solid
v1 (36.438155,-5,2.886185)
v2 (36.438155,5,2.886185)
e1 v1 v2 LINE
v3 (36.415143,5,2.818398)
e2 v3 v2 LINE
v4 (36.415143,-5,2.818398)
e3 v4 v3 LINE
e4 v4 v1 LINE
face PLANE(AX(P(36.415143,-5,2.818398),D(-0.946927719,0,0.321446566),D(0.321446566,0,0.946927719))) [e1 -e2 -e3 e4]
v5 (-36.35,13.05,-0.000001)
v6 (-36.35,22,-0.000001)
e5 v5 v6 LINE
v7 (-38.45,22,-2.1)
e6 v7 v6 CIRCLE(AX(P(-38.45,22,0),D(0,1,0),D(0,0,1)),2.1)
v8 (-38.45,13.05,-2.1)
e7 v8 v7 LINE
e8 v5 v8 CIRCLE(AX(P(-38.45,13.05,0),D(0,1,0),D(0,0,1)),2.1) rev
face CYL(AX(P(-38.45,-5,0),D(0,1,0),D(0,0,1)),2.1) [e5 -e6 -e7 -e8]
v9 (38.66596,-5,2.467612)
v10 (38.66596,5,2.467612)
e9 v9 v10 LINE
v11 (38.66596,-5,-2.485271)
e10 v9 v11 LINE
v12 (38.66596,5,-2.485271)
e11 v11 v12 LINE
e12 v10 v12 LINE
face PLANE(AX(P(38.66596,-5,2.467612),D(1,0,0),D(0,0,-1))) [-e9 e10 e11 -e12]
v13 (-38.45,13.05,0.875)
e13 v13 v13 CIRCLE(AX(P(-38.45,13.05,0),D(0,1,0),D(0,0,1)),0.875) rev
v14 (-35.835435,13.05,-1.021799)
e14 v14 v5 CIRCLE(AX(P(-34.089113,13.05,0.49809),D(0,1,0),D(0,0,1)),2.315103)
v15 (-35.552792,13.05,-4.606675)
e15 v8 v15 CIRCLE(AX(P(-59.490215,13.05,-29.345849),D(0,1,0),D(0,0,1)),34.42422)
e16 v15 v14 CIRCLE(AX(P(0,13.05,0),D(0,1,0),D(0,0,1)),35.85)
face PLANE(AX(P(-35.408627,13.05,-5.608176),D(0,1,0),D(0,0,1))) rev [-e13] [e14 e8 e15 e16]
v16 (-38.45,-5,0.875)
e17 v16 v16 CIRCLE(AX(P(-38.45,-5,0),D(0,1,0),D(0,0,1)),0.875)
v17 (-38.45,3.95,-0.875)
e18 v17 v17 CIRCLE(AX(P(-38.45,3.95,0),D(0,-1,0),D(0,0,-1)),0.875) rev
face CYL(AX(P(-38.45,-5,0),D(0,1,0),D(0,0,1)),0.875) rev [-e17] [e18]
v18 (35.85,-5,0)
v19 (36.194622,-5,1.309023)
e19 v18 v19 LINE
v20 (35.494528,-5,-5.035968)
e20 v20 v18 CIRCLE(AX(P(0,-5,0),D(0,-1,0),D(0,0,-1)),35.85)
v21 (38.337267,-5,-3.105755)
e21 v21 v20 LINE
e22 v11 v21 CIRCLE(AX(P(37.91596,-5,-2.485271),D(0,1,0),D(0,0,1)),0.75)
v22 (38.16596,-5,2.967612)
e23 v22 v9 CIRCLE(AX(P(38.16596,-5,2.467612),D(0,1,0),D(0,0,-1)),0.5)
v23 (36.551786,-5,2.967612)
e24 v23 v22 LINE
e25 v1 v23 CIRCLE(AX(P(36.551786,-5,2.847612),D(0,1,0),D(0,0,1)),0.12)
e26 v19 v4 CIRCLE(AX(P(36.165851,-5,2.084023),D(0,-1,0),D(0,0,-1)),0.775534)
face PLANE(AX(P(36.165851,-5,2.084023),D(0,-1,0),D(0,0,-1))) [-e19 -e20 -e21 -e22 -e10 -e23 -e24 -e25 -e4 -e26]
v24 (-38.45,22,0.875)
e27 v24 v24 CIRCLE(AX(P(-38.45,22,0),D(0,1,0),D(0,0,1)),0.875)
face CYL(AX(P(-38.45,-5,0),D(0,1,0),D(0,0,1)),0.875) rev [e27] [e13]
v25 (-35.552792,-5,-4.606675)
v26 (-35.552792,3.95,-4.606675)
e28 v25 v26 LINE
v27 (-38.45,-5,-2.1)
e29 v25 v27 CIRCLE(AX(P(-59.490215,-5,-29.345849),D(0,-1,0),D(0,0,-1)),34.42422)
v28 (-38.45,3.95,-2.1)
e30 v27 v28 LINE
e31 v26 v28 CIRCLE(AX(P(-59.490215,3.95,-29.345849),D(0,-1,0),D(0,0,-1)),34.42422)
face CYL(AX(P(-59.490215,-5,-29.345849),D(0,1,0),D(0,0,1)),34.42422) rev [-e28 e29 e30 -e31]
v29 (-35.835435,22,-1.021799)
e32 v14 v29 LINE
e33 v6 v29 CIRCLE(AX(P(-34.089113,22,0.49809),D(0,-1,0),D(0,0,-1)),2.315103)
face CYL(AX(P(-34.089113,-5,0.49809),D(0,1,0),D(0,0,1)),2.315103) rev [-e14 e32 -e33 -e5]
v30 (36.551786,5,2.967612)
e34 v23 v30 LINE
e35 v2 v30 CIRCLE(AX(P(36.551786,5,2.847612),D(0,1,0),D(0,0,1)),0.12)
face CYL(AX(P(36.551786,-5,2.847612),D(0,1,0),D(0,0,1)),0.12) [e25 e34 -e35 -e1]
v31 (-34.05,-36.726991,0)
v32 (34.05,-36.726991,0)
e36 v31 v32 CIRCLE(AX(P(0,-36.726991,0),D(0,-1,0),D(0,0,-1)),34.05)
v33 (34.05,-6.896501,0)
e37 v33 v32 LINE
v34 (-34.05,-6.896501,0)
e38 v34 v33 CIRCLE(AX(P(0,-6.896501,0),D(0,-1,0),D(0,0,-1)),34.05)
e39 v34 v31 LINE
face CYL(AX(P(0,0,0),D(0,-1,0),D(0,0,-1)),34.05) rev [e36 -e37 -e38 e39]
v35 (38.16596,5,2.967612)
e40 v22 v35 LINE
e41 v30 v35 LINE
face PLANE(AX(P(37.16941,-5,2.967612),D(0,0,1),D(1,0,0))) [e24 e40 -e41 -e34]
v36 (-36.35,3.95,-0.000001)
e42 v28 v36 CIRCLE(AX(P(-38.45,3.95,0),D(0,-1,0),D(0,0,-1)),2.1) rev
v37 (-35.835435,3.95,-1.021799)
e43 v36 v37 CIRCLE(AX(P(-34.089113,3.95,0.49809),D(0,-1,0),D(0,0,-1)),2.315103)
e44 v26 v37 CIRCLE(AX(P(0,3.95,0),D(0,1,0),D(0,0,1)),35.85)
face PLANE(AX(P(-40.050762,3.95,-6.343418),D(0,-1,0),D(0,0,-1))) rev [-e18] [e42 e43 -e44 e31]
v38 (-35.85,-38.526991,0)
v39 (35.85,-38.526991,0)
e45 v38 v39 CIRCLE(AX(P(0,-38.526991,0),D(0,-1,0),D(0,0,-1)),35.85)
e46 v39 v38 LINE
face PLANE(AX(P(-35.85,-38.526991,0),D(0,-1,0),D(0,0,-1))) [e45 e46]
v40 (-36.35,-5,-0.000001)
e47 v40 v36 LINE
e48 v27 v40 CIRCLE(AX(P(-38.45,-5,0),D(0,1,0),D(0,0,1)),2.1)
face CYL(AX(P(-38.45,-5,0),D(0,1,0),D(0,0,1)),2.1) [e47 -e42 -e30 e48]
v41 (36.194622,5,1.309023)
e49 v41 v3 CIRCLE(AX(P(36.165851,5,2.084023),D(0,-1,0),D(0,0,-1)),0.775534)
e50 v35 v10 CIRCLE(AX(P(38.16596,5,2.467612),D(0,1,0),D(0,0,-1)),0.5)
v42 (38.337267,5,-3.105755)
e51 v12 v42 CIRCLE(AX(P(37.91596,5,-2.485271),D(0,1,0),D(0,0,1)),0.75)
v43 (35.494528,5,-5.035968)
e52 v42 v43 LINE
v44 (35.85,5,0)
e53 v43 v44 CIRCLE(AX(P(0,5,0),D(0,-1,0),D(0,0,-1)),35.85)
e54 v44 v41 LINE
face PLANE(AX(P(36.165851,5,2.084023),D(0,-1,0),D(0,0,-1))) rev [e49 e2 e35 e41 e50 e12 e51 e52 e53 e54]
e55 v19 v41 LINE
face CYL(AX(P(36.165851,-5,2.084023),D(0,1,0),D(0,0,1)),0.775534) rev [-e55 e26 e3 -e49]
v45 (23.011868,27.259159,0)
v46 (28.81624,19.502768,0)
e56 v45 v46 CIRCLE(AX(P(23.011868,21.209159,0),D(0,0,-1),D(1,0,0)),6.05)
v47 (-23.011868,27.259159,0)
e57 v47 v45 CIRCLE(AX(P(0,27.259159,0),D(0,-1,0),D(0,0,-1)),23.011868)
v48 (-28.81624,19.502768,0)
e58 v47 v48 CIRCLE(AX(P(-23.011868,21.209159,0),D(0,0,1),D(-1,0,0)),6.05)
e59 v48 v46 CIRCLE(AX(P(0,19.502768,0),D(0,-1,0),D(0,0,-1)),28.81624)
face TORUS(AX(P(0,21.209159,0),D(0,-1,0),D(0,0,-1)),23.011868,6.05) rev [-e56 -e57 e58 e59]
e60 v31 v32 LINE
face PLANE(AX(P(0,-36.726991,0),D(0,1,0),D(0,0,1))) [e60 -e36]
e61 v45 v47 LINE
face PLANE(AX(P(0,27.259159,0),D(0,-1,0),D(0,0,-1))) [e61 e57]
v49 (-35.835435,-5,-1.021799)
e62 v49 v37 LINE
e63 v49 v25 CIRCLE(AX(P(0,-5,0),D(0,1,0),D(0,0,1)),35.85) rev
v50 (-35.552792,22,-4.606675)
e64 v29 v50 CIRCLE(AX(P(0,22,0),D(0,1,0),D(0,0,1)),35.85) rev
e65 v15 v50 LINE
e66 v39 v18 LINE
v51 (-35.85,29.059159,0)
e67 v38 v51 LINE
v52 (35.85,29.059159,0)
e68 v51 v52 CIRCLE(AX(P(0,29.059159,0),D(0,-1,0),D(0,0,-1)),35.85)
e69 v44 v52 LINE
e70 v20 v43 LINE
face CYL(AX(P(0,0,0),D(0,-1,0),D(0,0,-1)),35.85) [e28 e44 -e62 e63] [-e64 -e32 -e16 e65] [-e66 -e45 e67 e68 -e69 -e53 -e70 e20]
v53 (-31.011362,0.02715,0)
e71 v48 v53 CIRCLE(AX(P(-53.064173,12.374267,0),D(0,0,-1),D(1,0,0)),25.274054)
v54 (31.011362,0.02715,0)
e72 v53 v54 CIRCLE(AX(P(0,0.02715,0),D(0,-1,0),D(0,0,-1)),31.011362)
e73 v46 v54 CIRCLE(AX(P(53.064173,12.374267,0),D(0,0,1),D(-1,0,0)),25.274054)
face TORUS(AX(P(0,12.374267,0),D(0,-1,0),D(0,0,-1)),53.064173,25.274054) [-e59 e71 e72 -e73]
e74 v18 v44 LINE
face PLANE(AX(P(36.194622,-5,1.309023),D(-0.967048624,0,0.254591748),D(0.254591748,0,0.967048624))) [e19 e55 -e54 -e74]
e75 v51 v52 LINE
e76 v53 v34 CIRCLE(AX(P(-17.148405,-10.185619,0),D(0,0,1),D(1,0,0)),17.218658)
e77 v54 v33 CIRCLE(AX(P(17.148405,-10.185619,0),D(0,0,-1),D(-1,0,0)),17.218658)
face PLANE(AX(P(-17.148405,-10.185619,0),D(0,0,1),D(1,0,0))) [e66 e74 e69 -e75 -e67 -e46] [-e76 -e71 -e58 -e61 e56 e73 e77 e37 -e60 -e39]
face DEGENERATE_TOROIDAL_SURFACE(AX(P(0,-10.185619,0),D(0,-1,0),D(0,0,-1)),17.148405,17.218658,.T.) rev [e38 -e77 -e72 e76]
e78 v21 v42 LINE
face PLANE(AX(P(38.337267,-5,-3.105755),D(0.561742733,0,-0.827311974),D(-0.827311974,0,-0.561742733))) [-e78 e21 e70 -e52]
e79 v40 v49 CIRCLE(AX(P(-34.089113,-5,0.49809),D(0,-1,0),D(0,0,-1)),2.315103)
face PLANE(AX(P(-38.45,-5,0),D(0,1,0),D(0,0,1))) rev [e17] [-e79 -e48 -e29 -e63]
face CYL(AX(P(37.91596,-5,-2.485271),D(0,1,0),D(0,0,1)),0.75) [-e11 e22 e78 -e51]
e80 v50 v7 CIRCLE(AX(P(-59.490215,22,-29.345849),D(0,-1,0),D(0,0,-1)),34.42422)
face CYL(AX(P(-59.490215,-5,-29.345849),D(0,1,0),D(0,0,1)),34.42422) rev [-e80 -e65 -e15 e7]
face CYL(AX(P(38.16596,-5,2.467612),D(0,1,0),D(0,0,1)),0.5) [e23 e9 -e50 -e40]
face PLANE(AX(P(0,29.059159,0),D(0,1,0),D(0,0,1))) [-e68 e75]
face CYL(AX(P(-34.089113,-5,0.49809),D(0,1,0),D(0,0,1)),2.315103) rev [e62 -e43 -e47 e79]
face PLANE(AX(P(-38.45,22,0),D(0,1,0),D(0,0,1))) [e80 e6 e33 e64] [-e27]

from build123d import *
from build123d.topology import SkipClean

# Parameters (mm, degrees)
REVOLVE1_ANGLE               = 180
BOSS_EXTRUDE1_DEPTH          = 22
BOSS_EXTRUDE1_DEPTH_BACK     = 5
SKETCH3_R                    = 0.875
BOSS_EXTRUDE2_DEPTH          = 5
BOSS_EXTRUDE2_DEPTH_BACK     = 5
SKETCH4_W                    = 4.7
SKETCH4_H                    = 9.1
CUT_REVOLVE1_ANGLE           = 9
CUT_REVOLVE1_OTHER_WAY_ANGLE = 9


with BuildPart() as part:
    # Sketch1 → Revolve1 (revolve)
    with BuildSketch(Plane.XY):
        with BuildLine():
            Line((0, 27.259159134), (23.011868121, 27.259159134))
            ThreePointArc((23.011868121, 27.259159134), (27.855738892, 24.833992365), (28.816239605, 19.502767713))
            ThreePointArc((28.816239605, 19.502767713), (27.949144344, 9.543519717), (31.011361688, 0.027149624))
            ThreePointArc((31.011361688, 0.027149624), (32.915416284, -3.265823742), (34.05, -6.89650099))
            Line((34.05, -6.89650099), (34.05, -36.726991211))
            Line((34.05, -36.726991211), (0, -36.726991211))
            Line((0, -36.726991211), (0, -38.526991211))
            Line((0, -38.526991211), (35.85, -38.526991211))
            Line((35.85, -38.526991211), (35.85, 29.059159134))
            Line((35.85, 29.059159134), (0, 29.059159134))
            Line((0, 29.059159134), (0, 27.259159134))
        make_face()
    revolve(axis=Axis((0, 0, 0), (0, 1, 0)), revolution_arc=REVOLVE1_ANGLE)

    # Sketch3 → Boss-Extrude1 (add, two sides: drawn at the far end of the back side and taken through both)
    with BuildSketch(Plane(origin=(0, 0, 0), x_dir=(1, 0, 0), z_dir=(0, 1, 0)).offset(-BOSS_EXTRUDE1_DEPTH_BACK)):
        with BuildLine():
            Line((-35.835435362, 1.02179861), (-35.66522342, 1.724252792))
            Line((-35.66522342, 1.724252792), (-35.552792373, 4.606674994))
            ThreePointArc((-35.552792373, 4.606674994), (-36.966498022, 3.313002301), (-38.45, 2.1))
            ThreePointArc((-38.45, 2.1), (-39.934924016, -1.484924465), (-36.35, 6.34e-07))
            ThreePointArc((-36.35, 6.34e-07), (-36.156829024, 0.54318529), (-35.835435362, 1.02179861))
        make_face()
        with Locations(Location((-38.45, 0, 0), (0, 0, 270))):
            Circle(SKETCH3_R, mode=Mode.SUBTRACT)
    extrude(amount=BOSS_EXTRUDE1_DEPTH + BOSS_EXTRUDE1_DEPTH_BACK)

    # Sketch5 → Boss-Extrude2 (add, two sides: drawn at the far end of the back side and taken through both)
    with BuildSketch(Plane(origin=(0, 0, 0), x_dir=(1, 0, 0), z_dir=(0, 1, 0)).offset(-BOSS_EXTRUDE2_DEPTH_BACK)):
        with BuildLine():
            Line((36.194622224, -1.309022975), (35.85, 0))
            ThreePointArc((35.85, 0), (35.761021608, 2.524249113), (35.494528112, 5.035968037))
            Line((35.494528112, 5.035968037), (38.337267345, 3.105755306))
            ThreePointArc((38.337267345, 3.105755306), (38.578712242, 2.836355157), (38.665960295, 2.485271326))
            Line((38.665960295, 2.485271326), (38.665960295, -2.467611774))
            ThreePointArc((38.665960295, -2.467611774), (38.519513686, -2.821165165), (38.165960295, -2.967611774))
            Line((38.165960295, -2.967611774), (37.169410283, -2.967611774))
            Line((37.169410283, -2.967611774), (36.551786147, -2.967611774))
            ThreePointArc((36.551786147, -2.967611774), (36.48188919, -2.945153638), (36.438154821, -2.886185362))
            Line((36.438154821, -2.886185362), (36.415143378, -2.818397505))
            ThreePointArc((36.415143378, -2.818397505), (36.933237669, -1.971906955), (36.194622224, -1.309022975))
        make_face()
    extrude(amount=BOSS_EXTRUDE2_DEPTH + BOSS_EXTRUDE2_DEPTH_BACK)

    # Sketch4 → Cut-Revolve1 (revolve, cut)
    with BuildSketch(Plane.XY):
        with Locations((-38.2, 8.5)):
            Rectangle(SKETCH4_W, SKETCH4_H)
    revolve(axis=Axis((0, 0, 0), (0, 1, 0)), revolution_arc=CUT_REVOLVE1_ANGLE, mode=Mode.SUBTRACT)

    # Sketch4 → Cut-Revolve1 other way (revolve, cut)
    with SkipClean():  # the faces are left unmerged after this step: merging them gives an invalid solid
        with BuildSketch(Plane.XY):
            with Locations((-38.2, 8.5)):
                Rectangle(SKETCH4_W, SKETCH4_H)
        revolve(axis=Axis((0, 0, 0), (0, -1, 0)), revolution_arc=CUT_REVOLVE1_OTHER_WAY_ANGLE, mode=Mode.SUBTRACT)


solid = part.part
